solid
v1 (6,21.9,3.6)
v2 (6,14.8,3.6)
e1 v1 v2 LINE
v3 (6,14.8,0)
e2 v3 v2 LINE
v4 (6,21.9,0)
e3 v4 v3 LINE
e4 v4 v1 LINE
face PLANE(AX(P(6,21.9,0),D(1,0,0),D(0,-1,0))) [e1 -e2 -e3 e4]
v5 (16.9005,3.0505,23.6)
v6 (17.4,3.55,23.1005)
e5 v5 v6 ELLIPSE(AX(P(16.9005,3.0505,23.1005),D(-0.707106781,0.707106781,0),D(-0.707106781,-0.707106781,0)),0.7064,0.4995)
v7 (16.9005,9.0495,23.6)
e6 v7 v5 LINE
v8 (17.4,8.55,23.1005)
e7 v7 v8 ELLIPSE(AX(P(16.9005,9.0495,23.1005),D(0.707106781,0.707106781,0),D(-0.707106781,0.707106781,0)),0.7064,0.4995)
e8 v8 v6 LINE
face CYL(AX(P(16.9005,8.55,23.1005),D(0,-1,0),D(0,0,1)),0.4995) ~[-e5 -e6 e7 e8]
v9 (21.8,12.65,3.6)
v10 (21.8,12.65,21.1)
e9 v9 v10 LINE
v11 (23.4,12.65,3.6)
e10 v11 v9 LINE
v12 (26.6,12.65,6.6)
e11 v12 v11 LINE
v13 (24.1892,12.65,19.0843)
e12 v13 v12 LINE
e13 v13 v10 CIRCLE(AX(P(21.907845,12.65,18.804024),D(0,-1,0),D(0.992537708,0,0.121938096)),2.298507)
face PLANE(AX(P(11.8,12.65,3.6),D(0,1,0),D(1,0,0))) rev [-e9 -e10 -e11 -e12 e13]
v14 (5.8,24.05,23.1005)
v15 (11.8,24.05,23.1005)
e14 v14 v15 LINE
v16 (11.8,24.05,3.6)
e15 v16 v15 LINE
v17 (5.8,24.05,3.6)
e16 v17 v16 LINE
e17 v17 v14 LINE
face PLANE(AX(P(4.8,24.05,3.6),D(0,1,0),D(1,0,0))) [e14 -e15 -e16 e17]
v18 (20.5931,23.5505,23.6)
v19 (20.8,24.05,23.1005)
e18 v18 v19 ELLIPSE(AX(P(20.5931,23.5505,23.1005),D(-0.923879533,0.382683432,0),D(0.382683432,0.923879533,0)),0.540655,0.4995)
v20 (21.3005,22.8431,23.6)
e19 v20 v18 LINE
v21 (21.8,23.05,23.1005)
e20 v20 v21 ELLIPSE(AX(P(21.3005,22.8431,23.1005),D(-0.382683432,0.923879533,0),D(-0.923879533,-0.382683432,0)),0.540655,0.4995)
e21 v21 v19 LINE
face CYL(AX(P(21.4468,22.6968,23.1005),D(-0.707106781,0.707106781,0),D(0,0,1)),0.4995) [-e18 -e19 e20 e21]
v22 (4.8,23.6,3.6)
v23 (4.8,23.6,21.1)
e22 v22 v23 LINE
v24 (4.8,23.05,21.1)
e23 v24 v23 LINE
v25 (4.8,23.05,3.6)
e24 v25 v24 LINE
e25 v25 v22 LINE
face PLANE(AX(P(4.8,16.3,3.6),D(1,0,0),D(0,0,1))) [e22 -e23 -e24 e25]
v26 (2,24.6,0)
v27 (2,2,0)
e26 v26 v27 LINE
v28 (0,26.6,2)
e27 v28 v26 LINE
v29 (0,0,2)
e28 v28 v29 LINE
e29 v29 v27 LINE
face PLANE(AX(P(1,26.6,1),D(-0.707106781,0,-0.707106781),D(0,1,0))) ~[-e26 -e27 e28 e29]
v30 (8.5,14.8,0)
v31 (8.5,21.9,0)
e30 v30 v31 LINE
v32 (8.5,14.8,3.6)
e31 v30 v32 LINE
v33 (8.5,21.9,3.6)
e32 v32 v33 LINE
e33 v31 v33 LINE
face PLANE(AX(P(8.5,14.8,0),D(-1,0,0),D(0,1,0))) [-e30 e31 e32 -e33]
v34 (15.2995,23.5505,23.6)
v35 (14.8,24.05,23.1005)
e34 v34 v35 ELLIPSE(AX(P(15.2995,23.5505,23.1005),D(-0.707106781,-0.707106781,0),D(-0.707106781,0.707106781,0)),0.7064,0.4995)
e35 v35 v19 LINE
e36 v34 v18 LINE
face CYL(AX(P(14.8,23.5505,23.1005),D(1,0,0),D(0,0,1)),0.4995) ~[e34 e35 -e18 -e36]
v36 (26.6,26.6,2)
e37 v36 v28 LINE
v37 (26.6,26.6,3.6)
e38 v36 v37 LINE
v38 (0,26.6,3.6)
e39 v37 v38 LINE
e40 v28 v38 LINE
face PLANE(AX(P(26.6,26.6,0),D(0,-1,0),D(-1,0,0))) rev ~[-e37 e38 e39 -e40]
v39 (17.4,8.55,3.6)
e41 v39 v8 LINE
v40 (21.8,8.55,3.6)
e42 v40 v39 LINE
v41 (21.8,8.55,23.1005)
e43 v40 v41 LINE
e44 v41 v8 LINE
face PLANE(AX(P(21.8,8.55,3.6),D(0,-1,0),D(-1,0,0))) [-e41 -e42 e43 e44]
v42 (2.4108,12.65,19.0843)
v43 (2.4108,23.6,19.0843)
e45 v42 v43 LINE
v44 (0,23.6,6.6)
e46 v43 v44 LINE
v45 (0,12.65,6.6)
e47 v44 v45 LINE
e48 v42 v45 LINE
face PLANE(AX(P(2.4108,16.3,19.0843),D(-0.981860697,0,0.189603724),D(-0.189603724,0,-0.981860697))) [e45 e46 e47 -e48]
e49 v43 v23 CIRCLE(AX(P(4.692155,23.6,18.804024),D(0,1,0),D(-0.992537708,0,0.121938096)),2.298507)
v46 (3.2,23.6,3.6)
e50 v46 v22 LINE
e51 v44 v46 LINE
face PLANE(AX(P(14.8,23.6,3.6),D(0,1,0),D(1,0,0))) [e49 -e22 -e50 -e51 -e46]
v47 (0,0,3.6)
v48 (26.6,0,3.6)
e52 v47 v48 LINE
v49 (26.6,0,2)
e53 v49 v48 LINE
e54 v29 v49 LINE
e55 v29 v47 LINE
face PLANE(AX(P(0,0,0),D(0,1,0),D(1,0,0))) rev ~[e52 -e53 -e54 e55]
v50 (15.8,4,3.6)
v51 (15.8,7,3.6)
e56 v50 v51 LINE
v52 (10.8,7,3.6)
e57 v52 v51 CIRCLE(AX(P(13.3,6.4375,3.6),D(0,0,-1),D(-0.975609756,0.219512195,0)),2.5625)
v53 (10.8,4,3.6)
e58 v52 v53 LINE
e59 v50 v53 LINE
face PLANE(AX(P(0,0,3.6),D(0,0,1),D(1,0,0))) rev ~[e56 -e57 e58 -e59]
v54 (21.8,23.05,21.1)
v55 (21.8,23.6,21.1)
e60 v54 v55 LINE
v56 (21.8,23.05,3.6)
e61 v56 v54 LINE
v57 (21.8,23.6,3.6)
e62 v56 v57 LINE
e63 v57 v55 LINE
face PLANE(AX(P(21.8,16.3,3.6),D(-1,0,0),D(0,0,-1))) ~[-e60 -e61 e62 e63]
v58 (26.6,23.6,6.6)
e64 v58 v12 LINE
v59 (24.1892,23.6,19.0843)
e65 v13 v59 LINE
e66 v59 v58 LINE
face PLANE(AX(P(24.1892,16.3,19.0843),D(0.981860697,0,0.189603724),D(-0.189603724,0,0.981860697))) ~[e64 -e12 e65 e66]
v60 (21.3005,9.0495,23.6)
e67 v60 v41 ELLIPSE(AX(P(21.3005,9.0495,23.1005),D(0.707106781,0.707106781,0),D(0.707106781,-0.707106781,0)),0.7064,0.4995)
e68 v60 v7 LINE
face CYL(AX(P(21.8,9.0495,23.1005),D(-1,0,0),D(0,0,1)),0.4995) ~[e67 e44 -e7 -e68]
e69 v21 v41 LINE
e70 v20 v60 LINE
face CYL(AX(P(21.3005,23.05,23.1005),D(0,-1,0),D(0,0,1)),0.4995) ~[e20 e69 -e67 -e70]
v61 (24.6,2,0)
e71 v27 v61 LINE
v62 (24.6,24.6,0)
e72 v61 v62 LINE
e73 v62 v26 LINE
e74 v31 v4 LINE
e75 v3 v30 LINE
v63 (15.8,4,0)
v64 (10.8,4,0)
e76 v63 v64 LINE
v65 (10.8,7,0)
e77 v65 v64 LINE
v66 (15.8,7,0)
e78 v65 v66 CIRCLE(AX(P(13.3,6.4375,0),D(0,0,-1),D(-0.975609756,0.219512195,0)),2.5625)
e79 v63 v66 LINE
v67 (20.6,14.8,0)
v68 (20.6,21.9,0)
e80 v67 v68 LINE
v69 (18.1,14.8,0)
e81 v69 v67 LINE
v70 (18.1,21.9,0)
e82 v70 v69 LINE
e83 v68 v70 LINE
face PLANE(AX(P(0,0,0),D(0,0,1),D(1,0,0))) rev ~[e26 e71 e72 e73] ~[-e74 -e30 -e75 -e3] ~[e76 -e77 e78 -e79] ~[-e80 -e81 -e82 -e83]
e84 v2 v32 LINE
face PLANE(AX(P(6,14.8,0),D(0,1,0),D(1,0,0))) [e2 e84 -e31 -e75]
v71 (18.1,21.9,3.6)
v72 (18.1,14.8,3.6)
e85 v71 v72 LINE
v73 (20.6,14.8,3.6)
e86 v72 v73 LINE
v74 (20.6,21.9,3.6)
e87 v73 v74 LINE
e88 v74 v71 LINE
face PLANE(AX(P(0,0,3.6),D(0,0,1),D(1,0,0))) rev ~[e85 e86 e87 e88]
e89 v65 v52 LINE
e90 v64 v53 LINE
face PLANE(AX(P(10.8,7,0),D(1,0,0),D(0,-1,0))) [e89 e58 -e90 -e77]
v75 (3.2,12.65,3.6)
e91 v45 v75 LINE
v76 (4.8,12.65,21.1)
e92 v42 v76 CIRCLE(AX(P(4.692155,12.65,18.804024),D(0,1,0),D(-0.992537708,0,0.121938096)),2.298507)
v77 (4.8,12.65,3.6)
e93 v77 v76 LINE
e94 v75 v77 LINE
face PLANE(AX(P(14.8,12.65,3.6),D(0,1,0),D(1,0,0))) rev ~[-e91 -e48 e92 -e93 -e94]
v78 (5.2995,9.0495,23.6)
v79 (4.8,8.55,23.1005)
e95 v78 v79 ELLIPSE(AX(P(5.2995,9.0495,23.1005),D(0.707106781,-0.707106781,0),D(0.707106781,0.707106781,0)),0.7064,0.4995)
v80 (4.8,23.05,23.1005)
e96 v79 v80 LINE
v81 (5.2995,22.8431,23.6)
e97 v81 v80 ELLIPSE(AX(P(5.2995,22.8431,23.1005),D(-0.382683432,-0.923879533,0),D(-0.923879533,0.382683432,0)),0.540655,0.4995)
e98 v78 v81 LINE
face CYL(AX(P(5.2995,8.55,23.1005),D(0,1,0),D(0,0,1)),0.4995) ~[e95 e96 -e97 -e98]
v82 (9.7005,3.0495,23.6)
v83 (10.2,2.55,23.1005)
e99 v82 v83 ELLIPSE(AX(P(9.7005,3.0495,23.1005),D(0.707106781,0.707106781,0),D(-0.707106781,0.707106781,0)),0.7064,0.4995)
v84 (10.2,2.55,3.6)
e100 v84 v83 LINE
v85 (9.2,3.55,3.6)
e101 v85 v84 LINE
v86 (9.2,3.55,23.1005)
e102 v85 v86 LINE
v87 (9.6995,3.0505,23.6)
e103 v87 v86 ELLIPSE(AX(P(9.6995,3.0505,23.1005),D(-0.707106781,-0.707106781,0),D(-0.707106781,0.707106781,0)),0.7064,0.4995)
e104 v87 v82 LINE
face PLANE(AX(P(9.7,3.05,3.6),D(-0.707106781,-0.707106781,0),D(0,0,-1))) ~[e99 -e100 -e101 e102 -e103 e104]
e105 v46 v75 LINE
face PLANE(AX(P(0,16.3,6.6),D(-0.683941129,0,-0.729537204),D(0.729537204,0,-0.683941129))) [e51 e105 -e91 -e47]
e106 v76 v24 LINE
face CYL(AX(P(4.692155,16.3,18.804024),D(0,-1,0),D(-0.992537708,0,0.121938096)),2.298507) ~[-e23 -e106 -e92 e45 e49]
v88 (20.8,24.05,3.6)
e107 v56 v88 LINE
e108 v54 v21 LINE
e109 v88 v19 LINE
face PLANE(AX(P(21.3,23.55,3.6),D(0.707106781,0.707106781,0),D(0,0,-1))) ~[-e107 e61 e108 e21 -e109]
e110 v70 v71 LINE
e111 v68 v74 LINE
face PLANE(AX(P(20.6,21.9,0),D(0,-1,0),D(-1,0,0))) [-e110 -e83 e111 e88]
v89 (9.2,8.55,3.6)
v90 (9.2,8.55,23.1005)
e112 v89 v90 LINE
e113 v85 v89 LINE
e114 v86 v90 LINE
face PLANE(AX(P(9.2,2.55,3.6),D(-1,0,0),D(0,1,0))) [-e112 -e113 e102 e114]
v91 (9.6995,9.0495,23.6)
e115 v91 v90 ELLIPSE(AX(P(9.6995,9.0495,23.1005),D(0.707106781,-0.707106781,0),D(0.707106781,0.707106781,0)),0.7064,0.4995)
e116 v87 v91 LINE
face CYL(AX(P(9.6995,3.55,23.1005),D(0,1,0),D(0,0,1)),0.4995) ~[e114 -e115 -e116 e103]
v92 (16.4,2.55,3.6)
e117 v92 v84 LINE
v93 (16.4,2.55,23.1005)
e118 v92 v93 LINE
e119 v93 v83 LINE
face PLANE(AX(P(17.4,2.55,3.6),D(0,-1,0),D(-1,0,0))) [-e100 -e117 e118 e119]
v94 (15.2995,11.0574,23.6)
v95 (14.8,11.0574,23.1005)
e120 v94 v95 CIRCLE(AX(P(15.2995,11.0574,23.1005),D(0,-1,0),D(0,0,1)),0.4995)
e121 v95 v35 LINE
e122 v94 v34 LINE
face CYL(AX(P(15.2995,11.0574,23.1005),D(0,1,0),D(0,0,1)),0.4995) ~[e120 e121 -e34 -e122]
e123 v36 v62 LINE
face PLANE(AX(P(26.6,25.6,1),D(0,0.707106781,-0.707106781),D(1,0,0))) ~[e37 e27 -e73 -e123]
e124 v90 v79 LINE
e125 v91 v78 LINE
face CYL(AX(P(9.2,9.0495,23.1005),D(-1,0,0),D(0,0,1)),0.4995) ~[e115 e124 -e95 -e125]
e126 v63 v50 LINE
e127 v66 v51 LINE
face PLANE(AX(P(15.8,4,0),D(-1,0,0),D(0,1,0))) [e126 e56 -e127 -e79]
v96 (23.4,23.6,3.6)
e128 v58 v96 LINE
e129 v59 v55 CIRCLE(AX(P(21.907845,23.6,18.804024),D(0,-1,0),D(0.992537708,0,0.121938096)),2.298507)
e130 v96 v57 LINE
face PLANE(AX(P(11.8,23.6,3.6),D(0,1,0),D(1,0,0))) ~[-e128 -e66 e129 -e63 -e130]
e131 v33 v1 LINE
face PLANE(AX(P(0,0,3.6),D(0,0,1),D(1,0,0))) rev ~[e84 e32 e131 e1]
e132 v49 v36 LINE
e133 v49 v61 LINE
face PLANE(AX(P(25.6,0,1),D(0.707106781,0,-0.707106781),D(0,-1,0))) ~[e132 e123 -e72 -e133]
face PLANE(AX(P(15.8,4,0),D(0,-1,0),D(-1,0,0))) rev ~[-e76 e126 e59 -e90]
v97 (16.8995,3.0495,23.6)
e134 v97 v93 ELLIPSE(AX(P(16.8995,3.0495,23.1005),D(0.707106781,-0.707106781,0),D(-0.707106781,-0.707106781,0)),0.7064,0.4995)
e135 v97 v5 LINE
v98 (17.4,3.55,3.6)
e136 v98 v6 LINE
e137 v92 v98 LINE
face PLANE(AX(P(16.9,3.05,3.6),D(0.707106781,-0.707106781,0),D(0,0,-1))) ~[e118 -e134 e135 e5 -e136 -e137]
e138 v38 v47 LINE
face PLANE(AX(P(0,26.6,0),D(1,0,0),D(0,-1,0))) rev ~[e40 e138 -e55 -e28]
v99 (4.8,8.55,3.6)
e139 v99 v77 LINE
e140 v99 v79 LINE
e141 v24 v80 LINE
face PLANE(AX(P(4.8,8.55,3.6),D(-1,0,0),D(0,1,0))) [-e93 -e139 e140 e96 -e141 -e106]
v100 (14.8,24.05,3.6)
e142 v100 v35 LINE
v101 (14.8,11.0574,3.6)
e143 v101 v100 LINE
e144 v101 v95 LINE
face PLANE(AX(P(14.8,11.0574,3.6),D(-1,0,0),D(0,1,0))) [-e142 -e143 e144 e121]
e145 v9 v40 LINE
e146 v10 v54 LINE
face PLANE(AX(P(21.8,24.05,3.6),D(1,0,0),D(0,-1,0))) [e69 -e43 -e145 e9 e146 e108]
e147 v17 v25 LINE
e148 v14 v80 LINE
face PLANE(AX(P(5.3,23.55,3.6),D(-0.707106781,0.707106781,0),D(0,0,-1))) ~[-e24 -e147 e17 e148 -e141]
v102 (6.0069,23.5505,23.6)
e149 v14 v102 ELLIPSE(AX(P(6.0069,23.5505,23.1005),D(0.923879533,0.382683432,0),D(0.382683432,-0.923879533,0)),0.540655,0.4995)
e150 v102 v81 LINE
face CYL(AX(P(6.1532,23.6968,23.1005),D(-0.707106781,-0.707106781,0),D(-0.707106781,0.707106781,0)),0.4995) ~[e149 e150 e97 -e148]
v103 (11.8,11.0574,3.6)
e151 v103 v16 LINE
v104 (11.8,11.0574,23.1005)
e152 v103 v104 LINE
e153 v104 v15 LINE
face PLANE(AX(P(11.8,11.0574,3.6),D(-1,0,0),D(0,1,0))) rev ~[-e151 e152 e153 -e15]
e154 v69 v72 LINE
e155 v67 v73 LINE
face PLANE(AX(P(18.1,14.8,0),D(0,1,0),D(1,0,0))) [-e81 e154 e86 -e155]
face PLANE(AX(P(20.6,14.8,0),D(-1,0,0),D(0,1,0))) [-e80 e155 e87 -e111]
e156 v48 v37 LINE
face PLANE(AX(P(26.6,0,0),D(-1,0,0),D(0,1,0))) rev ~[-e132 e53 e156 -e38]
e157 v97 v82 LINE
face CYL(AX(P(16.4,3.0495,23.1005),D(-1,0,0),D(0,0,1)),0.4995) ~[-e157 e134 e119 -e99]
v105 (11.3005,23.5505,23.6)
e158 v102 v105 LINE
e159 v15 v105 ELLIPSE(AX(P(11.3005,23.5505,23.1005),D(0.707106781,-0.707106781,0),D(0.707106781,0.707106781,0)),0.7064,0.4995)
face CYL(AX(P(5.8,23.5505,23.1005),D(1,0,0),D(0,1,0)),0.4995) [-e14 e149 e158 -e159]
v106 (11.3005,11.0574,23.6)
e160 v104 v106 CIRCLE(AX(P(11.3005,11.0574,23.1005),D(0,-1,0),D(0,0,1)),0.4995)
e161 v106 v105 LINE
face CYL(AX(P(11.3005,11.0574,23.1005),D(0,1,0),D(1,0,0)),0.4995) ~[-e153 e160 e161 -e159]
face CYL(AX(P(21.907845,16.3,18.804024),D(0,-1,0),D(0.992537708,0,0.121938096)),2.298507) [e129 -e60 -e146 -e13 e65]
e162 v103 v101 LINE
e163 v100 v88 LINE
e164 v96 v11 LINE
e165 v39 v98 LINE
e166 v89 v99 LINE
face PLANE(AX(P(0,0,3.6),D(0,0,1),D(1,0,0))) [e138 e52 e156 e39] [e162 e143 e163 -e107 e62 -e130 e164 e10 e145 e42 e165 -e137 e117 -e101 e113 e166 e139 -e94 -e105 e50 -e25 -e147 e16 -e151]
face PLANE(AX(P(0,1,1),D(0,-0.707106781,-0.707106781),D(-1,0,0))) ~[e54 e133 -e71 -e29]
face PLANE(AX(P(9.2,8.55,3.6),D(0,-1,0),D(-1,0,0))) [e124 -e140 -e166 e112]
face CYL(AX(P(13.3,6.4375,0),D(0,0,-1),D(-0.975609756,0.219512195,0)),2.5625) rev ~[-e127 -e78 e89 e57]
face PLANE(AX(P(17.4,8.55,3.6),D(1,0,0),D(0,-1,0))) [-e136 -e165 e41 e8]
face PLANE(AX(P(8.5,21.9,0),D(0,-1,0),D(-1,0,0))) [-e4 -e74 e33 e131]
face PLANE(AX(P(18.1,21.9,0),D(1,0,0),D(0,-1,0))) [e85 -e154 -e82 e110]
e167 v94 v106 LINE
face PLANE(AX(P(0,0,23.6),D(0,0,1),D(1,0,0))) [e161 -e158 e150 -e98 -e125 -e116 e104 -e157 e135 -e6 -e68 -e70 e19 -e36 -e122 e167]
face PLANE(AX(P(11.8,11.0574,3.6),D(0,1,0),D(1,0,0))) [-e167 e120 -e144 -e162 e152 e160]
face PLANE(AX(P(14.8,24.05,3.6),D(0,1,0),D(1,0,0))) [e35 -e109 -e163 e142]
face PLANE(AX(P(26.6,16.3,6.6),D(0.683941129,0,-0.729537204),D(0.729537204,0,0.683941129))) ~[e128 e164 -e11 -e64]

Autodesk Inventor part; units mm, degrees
ref_plane "YZ Plane" through (0, 0, 0) normal (1, 0, 0) x (0, 1, 0)
ref_plane "XZ Plane" through (0, 0, 0) normal (0, 1, 0) x (-1, 0, 0)
ref_plane "XY Plane" through (0, 0, 0) normal (0, 0, 1) x (1, 0, 0)
sketch "Sketch1" plane through (0, 0, 0) normal (0, 0, 1) x (1, 0, 0)
  line L0 (0, 0) -> (26.6, 0)
  line L1 (26.6, 0) -> (26.6, 26.6)
  line L2 (26.6, 26.6) -> (0, 26.6)
  line L3 (0, 26.6) -> (0, 0)
  dimension "d0" = 26.6
  dimension "d1" = 26.6
extrude "Extrusion1" add sketch "Sketch1" along normal blind 3.6
chamfer "Chamfer1" distance 2 angle 45 4 edges at (13.3, 26.6, 0) (0, 13.3, 0) (26.6, 13.3, 0) (13.3, 0, 0)
sketch "Sketch2" plane through (0, 0, 0) normal (0, 0, -1) x (-1, 0, 0)
  line L0 (0, 26.6) -> (0, 0) construction
  line L1 (0, 20.5614) -> (-6, 20.5614) construction
  line L2 (-26.6, 26.6) -> (0, 26.6) construction
  line L3 (-7.1317, 26.6) -> (-7.1317, 21.9) construction
  line L4 (-7.1317, 26.6) -> (-2.4317, 26.6) construction
  line L5 (-6, 21.9) -> (-8.5, 21.9) construction
  line L6 (-8.5, 21.9) -> (-8.5, 14.8) construction
  line L7 (-8.5, 14.8) -> (-6, 14.8) construction
  line L8 (-6, 14.8) -> (-6, 21.9) construction
  line L9 (-13.3, 26.6) -> (-13.3, 0) construction
  line L10 (0, 0) -> (-26.6, 0) construction
  line L11 (-20.6, 21.9) -> (-18.1, 21.9) construction
  line L12 (-18.1, 21.9) -> (-18.1, 14.8) construction
  line L13 (-18.1, 14.8) -> (-20.6, 14.8) construction
  line L14 (-20.6, 14.8) -> (-20.6, 21.9) construction
  line L15 (-13.3, 0) -> (-13.3, 4) construction
  line L16 (-13.3, 4) -> (-10.8, 4) construction
  line L17 (-10.8, 4) -> (-15.8, 4) construction
  line L18 (-15.8, 4) -> (-15.8, 9) construction
  line L19 (-15.8, 9) -> (-10.8, 9) construction
  line L20 (-10.8, 9) -> (-10.8, 4) construction
  line L21 (-15.8, 4) -> (-15.8, 7) construction
  line L22 (-10.8, 4) -> (-10.8, 7) construction
  arc A0 (-10.8, 7) -> (-15.8, 7) centre (-13.3, 6.4375) ccw construction
  line L23 (-20.6, 21.9) -> (-18.1, 21.9)
  line L24 (-18.1, 21.9) -> (-18.1, 14.8)
  line L25 (-18.1, 14.8) -> (-20.6, 14.8)
  line L26 (-20.6, 14.8) -> (-20.6, 21.9)
  line L27 (-8.5, 21.9) -> (-6, 21.9)
  line L28 (-6, 21.9) -> (-6, 14.8)
  line L29 (-6, 14.8) -> (-8.5, 14.8)
  line L30 (-8.5, 14.8) -> (-8.5, 21.9)
  line L31 (-15.8, 4) -> (-10.8, 4)
  line L32 (-10.8, 7) -> (-10.8, 4)
  line L33 (-15.8, 4) -> (-15.8, 7)
  arc A1 (-10.8, 7) -> (-15.8, 7) centre (-13.3, 6.4375) ccw
  dimension "d7" = 6
  dimension "d9" = 4.7
  dimension "d11" = 2.5
  dimension "d12" = 7.1
  dimension "d13" = 4
  dimension "d14" = 2.5
  dimension "d15" = 5
  dimension "d16" = 5
  dimension "d17" = 3
extrude "Extrusion2" cut sketch "Sketch2" against normal blind 3.6
sketch "Sketch3" plane through (0, 0, 3.6) normal (0, 0, 1) x (1, 0, 0)
  line L0 (15.8, 4) -> (10.8, 4) construction
  line L1 (10.8, 4) -> (10.8, 7) construction
  arc A0 (15.8, 7) -> (10.8, 7) centre (13.3, 6.4375) ccw construction
  line L2 (15.8, 7) -> (15.8, 4) construction
  line L3 (6, 14.8) -> (6, 21.9) construction
  line L4 (6, 21.9) -> (8.5, 21.9) construction
  line L5 (8.5, 21.9) -> (8.5, 14.8) construction
  line L6 (8.5, 14.8) -> (6, 14.8) construction
  line L7 (18.1, 14.8) -> (18.1, 21.9) construction
  line L8 (18.1, 21.9) -> (20.6, 21.9) construction
  line L9 (20.6, 21.9) -> (20.6, 14.8) construction
  line L10 (20.6, 14.8) -> (18.1, 14.8) construction
  line L11 (26.6, 0) -> (26.6, 26.6) construction
  line L12 (26.6, 26.6) -> (0, 26.6) construction
  line L13 (0, 26.6) -> (0, 0) construction
  line L14 (0, 0) -> (26.6, 0) construction
  line L15 (13.3, 26.6) -> (13.3, 0) construction
  line L16 (4.8, 2.55) -> (21.8, 2.55) construction
  line L17 (21.8, 2.55) -> (21.8, 24.05) construction
  line L18 (21.8, 24.05) -> (4.8, 24.05) construction
  line L19 (4.8, 24.05) -> (4.8, 2.55) construction
  line L20 (4.8, 2.55) -> (21.8, 24.05) construction
  line L21 (21.8, 2.55) -> (4.8, 24.05) construction
  line L22 (21.8, 2.55) -> (17.4, 2.55) construction
  line L23 (17.4, 2.55) -> (17.4, 8.55) construction
  line L24 (17.4, 8.55) -> (21.8, 8.55) construction
  line L25 (21.8, 8.55) -> (21.8, 2.55) construction
  line L26 (4.8, 2.55) -> (9.2, 2.55) construction
  line L27 (9.2, 2.55) -> (9.2, 8.55) construction
  line L28 (9.2, 8.55) -> (4.8, 8.55) construction
  line L29 (4.8, 8.55) -> (4.8, 2.55) construction
  line L30 (11.8, 37.0426) -> (14.8, 37.0426) construction
  line L31 (14.8, 37.0426) -> (14.8, 11.0574) construction
  line L32 (14.8, 11.0574) -> (11.8, 11.0574) construction
  line L33 (11.8, 11.0574) -> (11.8, 37.0426) construction
  line L34 (11.8, 37.0426) -> (14.8, 11.0574) construction
  line L35 (14.8, 37.0426) -> (11.8, 11.0574) construction
  line L36 (4.8, 24.05) -> (11.8, 24.05)
  line L37 (11.8, 11.0574) -> (11.8, 24.05)
  line L38 (11.8, 11.0574) -> (14.8, 11.0574)
  line L39 (14.8, 11.0574) -> (14.8, 24.05)
  line L40 (14.8, 24.05) -> (21.8, 24.05)
  line L41 (21.8, 24.05) -> (21.8, 8.55)
  line L42 (21.8, 8.55) -> (17.4, 8.55)
  line L43 (17.4, 8.55) -> (17.4, 2.55)
  line L44 (17.4, 2.55) -> (9.2, 2.55)
  line L45 (9.2, 2.55) -> (9.2, 8.55)
  line L46 (9.2, 8.55) -> (4.8, 8.55)
  line L47 (4.8, 8.55) -> (4.8, 24.05)
  point P0 (13.3, 13.3)
  point P1 (13.3, 24.05)
  dimension "d20" = 17
  dimension "d21" = 21.5
  dimension "d22" = 4.4
  dimension "d23" = 6
  dimension "d24" = 4.4
  dimension "d25" = 6
  dimension "d26" = 3
extrude "Extrusion3" add sketch "Sketch3" along normal blind 20
chamfer "Chamfer2" distance 1 angle 45 4 edges at (4.8, 24.05, 13.6) (21.8, 24.05, 13.6) (17.4, 2.55, 13.6) (9.2, 2.55, 13.6)
fillet "Fillet1" radius 0.5 13 edges at (8.8, 24.05, 23.6) (4.8, 15.8, 23.6) (11.8, 17.5537, 23.6) (14.8, 17.5537, 23.6) (17.8, 24.05, 23.6) (21.8, 15.8, 23.6) (19.6, 8.55, 23.6) (17.4, 6.05, 23.6) (9.2, 6.05, 23.6) (7, 8.55, 23.6) (13.3, 2.55, 23.6) (21.3, 23.55, 23.6) (5.3, 23.55, 23.6)
ref_plane "Work Plane1" through (14.8, 16.3, 3.6) normal (0, 1, 0) x (1, 0, 0)
sketch "Sketch4" plane through (14.8, 16.3, 3.6) normal (0, 1, 0) x (1, 0, 0)
  line L0 (-10, 0) -> (-10, -19.5) construction
  line L1 (11.8, 0) -> (-14.8, 0) construction
  line L2 (-8.7929, -20) -> (-3.5, -20) construction
  arc A0 (-3.5, -20) -> (-3, -19.5) centre (-3.5, -19.5) ccw construction
  line L3 (-3, -19.5) -> (-9, -19.5) construction
  ellipse E0 centre (-8.7929, -19.5) end of major axis (-8.7929, -20) minor radius 0.2071 (-9, -19.5) -> (-8.7929, -20) ccw construction
  line L4 (-9.5, -20) -> (-8.7929, -20) construction
  ellipse E1 centre (-8.7929, -19.5) end of major axis (-8.7929, -20) minor radius 0.2071 (-9, -19.5) -> (-8.7929, -20) ccw construction
  line L5 (-9, -19.5) -> (-10, -19.5) construction
  arc A1 (-10, -19.5) -> (-9.5, -20) centre (-9.5, -19.5) ccw construction
  line L6 (-7.8516, -20) -> (-7.8516, -17.5) construction
  line L7 (-7.8516, -17.5) -> (-16.9269, -17.5) construction
  line L8 (-10, -3.8087) -> (-15, -3.8087) construction
  line L9 (-14.8, 0) -> (-14.8, -3) construction
  line L10 (-10, 0) -> (-11.6, 0) construction
  line L11 (-11.6, 0) -> (-14.8, -3) construction
  line L12 (-10, -17.5) -> (-12, -17.5) construction
  line L13 (-12, -17.5) -> (-14.8, -3) construction
  arc A2 (-12.3892, -15.4843) -> (-10, -17.5) centre (-10.1078, -15.204) ccw construction
  arc A3 (-12.3892, -15.4843) -> (-10, -17.5) centre (-10.1078, -15.204) ccw
  line L14 (-12.3892, -15.4843) -> (-14.8, -3)
  line L15 (-14.8, -3) -> (-11.6, 0)
  line L16 (-11.6, 0) -> (-10, 0)
  line L17 (-10, 0) -> (-10, -17.5)
  point P0 (-14.8, 3.6)
  dimension "d33" = 2.5
  dimension "d34" = 5
  dimension "d35" = 3
  dimension "d36" = 1.6
  dimension "d37" = 2
extrude "Extrusion4" add sketch "Sketch4" along normal blind 7.3 and the other way blind 3.65
ref_plane "Work Plane2" through (13.3, 11.0574, 3.6) normal (-1, 0, 0) x (0, 0, 1)
mirror "Mirror1" about plane through (13.3, 11.0574, 3.6) normal (-1, 0, 0) of "Extrusion4"
properties part number "Plug"
